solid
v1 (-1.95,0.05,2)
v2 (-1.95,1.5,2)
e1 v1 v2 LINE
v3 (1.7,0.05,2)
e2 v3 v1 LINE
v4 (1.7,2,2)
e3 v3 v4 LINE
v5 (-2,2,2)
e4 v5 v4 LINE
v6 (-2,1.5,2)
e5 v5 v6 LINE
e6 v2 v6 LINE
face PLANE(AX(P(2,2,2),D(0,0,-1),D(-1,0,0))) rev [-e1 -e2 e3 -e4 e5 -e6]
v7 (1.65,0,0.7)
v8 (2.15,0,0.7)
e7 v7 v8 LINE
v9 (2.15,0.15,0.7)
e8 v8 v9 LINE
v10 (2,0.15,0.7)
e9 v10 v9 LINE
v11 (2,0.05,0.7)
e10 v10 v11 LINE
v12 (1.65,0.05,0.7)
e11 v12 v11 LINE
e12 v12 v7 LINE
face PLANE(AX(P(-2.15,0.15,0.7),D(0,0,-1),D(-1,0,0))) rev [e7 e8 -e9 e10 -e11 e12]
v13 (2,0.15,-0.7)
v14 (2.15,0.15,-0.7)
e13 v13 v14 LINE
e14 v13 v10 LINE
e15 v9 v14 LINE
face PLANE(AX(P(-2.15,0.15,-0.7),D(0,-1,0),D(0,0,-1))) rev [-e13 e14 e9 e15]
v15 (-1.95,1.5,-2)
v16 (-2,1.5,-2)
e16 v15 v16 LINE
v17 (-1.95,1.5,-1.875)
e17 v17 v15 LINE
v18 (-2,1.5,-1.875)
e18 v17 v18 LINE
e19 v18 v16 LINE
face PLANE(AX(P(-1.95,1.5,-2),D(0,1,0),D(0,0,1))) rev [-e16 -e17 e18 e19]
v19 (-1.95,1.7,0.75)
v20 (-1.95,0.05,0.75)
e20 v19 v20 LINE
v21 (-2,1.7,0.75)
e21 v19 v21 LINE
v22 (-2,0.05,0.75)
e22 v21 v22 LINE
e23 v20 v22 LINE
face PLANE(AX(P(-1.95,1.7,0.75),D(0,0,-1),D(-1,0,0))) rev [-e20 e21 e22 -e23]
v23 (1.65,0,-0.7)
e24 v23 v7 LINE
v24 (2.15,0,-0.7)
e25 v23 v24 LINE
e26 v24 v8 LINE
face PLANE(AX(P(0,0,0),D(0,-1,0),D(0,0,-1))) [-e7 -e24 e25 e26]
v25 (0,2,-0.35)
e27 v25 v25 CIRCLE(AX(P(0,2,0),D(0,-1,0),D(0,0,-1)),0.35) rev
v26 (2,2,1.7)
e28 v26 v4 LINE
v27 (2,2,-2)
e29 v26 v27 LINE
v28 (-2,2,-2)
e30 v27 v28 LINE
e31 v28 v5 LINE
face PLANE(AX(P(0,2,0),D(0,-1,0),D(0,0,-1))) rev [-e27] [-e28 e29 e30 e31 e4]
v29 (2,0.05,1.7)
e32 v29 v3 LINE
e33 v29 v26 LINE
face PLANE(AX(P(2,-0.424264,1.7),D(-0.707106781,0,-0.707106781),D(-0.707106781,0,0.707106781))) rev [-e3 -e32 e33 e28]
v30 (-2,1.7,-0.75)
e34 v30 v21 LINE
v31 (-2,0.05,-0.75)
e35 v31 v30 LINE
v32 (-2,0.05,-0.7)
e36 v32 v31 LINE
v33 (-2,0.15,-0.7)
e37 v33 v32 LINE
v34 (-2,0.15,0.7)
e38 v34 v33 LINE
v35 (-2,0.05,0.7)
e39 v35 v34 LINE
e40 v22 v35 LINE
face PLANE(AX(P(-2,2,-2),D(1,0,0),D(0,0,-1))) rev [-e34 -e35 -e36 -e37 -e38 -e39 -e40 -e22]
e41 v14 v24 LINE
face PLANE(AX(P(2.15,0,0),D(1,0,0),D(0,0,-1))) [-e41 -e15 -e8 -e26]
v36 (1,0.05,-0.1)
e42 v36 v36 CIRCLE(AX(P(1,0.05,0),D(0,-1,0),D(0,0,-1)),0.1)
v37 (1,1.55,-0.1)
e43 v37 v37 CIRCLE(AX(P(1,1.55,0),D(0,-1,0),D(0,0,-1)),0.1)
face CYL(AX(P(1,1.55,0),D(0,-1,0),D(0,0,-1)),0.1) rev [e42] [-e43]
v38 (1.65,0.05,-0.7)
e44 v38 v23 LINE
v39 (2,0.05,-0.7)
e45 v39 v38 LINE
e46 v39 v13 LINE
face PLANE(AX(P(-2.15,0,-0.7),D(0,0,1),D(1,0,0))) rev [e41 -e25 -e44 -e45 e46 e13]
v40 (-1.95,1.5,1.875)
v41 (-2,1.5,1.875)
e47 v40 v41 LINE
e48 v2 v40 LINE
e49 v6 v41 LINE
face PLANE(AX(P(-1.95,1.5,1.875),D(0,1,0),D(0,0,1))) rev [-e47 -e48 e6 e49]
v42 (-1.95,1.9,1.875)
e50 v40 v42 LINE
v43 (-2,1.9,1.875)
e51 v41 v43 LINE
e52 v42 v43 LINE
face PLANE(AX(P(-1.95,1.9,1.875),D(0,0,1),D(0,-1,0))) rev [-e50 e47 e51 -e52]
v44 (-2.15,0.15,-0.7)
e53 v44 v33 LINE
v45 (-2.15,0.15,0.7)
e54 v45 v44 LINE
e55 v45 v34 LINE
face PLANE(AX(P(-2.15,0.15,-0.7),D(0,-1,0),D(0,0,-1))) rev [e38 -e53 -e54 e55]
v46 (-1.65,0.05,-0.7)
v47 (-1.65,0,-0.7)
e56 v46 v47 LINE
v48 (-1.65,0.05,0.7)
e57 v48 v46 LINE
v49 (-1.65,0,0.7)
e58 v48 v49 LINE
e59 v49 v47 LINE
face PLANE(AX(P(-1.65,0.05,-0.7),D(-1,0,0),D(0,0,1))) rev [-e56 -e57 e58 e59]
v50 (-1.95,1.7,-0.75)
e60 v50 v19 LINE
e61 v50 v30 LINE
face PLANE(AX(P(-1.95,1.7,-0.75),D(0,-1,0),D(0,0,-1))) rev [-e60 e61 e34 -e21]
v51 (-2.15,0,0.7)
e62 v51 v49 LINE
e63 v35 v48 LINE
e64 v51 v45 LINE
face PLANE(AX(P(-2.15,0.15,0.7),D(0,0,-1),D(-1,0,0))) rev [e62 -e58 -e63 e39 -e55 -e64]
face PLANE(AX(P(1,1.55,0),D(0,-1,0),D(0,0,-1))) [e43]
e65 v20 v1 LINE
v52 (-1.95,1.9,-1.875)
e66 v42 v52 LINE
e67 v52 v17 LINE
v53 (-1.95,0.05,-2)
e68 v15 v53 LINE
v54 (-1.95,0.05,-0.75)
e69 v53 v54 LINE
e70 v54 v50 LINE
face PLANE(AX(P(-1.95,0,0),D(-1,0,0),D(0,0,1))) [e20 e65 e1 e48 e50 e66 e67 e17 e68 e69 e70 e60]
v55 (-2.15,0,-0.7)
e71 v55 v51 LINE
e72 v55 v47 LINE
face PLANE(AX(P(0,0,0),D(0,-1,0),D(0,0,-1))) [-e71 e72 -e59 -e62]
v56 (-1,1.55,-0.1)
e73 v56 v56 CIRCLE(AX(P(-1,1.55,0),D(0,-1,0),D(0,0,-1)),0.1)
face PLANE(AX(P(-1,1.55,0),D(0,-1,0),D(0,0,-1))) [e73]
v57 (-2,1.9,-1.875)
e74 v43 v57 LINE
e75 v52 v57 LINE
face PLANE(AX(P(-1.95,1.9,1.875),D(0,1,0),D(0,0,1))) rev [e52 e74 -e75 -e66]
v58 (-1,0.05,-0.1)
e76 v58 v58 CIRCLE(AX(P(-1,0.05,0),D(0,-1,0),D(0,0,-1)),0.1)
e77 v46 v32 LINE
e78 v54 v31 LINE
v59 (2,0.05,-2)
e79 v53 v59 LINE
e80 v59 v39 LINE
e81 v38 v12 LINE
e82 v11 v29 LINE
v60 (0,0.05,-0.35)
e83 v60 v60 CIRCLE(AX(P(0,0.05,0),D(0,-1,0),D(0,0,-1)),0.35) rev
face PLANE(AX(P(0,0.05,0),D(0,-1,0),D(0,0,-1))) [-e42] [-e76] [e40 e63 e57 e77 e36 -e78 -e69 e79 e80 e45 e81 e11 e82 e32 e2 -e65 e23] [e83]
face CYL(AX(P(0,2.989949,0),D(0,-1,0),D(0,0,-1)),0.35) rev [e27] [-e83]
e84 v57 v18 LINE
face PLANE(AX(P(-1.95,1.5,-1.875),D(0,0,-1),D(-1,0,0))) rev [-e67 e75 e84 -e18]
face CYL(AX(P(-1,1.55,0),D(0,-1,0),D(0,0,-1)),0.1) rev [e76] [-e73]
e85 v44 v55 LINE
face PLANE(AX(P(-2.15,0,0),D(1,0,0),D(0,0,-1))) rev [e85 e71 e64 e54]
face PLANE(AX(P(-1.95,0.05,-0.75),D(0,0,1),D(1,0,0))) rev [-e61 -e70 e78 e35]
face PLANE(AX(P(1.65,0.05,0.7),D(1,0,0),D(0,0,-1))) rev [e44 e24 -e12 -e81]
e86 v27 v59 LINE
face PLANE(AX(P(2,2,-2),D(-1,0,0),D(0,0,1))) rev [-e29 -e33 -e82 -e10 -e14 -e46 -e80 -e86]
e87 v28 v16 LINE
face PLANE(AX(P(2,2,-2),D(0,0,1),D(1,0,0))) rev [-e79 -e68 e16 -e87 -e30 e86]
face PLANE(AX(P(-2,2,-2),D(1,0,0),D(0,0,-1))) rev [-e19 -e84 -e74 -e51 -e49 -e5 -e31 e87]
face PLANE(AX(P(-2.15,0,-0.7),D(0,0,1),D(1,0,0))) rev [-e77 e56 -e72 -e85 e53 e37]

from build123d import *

# Parameters (mm, degrees)
SKETCH1_W           = 4
SKETCH1_H           = 4
BOSS_EXTRUDE1_DEPTH = 2
CUT_EXTRUDE1_DEPTH  = 2
SKETCH3_W           = 1.4
SKETCH3_H           = 0.15
BOSS_EXTRUDE2_DEPTH = 2.15
SKETCH5_R           = 0.35
CUT_EXTRUDE4_DEPTH  = 2
CUT_EXTRUDE5_DEPTH  = 0.05
SKETCH8_R           = 0.1
CUT_EXTRUDE6_DEPTH  = 1.5
CUT_EXTRUDE7_DEPTH  = 0.05


with BuildPart() as part:
    # Sketch1 → Boss-Extrude1 (new body)
    with BuildSketch(Plane(origin=(0, 0, 0), x_dir=(1, 0, 0), z_dir=(0, 1, 0))):
        Rectangle(SKETCH1_W, SKETCH1_H)
    extrude(amount=BOSS_EXTRUDE1_DEPTH)

    # Sketch2 → Cut-Extrude1 (cut)
    with BuildSketch(Plane(origin=(0, 2, 0), x_dir=(1, 0, 0), z_dir=(0, 1, 0))):
        Polygon((2, -1.7), (1.7, -2), (2, -2), align=None)
    extrude(amount=-CUT_EXTRUDE1_DEPTH, mode=Mode.SUBTRACT)

    # Sketch3 → Boss-Extrude2 (add, symmetric)
    with BuildSketch(Plane.ZY):
        with Locations((0, 0.075)):
            Rectangle(SKETCH3_W, SKETCH3_H)
    extrude(amount=BOSS_EXTRUDE2_DEPTH, both=True)

    # Sketch5 → Cut-Extrude4 (cut)
    with BuildSketch(Plane(origin=(0, 0, 0), x_dir=(-1, 0, 0), z_dir=(0, -1, 0))):
        with Locations(Location((0, 0, 0), (0, 0, 90))):
            Circle(SKETCH5_R)
    extrude(amount=-CUT_EXTRUDE4_DEPTH, mode=Mode.SUBTRACT)

    # Sketch7 → Cut-Extrude5 (cut)
    with BuildSketch(Plane.XZ):
        Polygon((2, 0.7), (1.65, 0.7), (1.65, -0.7), (2, -0.7), (2, -2), (-2, -2), (-2, -0.7), (-1.65, -0.7), (-1.65, 0.7), (-2, 0.7), (-2, 2), (1.7, 2), (2, 1.7), align=None)
    extrude(amount=-CUT_EXTRUDE5_DEPTH, mode=Mode.SUBTRACT)

    # Sketch8 → Cut-Extrude6 (cut)
    with BuildSketch(Plane.XZ.offset(-0.05)):
        with Locations(Location((-1, 0, 0), (0, 0, 270))):
            Circle(SKETCH8_R)
        with Locations(Location((1, 0, 0), (0, 0, 270))):
            Circle(SKETCH8_R)
    extrude(amount=-CUT_EXTRUDE6_DEPTH, mode=Mode.SUBTRACT)

    # Sketch9 → Cut-Extrude7 (cut)
    with BuildSketch(Plane.ZY.offset(2)):
        Polygon((-2, 1.5), (-1.875, 1.5), (-1.875, 1.9), (1.875, 1.9), (1.875, 1.5), (2, 1.5), (2, 0.05), (0.75, 0.05), (0.75, 1.7), (-0.75, 1.7), (-0.75, 0.05), (-2, 0.05), align=None)
    extrude(amount=-CUT_EXTRUDE7_DEPTH, mode=Mode.SUBTRACT)


solid = part.part
